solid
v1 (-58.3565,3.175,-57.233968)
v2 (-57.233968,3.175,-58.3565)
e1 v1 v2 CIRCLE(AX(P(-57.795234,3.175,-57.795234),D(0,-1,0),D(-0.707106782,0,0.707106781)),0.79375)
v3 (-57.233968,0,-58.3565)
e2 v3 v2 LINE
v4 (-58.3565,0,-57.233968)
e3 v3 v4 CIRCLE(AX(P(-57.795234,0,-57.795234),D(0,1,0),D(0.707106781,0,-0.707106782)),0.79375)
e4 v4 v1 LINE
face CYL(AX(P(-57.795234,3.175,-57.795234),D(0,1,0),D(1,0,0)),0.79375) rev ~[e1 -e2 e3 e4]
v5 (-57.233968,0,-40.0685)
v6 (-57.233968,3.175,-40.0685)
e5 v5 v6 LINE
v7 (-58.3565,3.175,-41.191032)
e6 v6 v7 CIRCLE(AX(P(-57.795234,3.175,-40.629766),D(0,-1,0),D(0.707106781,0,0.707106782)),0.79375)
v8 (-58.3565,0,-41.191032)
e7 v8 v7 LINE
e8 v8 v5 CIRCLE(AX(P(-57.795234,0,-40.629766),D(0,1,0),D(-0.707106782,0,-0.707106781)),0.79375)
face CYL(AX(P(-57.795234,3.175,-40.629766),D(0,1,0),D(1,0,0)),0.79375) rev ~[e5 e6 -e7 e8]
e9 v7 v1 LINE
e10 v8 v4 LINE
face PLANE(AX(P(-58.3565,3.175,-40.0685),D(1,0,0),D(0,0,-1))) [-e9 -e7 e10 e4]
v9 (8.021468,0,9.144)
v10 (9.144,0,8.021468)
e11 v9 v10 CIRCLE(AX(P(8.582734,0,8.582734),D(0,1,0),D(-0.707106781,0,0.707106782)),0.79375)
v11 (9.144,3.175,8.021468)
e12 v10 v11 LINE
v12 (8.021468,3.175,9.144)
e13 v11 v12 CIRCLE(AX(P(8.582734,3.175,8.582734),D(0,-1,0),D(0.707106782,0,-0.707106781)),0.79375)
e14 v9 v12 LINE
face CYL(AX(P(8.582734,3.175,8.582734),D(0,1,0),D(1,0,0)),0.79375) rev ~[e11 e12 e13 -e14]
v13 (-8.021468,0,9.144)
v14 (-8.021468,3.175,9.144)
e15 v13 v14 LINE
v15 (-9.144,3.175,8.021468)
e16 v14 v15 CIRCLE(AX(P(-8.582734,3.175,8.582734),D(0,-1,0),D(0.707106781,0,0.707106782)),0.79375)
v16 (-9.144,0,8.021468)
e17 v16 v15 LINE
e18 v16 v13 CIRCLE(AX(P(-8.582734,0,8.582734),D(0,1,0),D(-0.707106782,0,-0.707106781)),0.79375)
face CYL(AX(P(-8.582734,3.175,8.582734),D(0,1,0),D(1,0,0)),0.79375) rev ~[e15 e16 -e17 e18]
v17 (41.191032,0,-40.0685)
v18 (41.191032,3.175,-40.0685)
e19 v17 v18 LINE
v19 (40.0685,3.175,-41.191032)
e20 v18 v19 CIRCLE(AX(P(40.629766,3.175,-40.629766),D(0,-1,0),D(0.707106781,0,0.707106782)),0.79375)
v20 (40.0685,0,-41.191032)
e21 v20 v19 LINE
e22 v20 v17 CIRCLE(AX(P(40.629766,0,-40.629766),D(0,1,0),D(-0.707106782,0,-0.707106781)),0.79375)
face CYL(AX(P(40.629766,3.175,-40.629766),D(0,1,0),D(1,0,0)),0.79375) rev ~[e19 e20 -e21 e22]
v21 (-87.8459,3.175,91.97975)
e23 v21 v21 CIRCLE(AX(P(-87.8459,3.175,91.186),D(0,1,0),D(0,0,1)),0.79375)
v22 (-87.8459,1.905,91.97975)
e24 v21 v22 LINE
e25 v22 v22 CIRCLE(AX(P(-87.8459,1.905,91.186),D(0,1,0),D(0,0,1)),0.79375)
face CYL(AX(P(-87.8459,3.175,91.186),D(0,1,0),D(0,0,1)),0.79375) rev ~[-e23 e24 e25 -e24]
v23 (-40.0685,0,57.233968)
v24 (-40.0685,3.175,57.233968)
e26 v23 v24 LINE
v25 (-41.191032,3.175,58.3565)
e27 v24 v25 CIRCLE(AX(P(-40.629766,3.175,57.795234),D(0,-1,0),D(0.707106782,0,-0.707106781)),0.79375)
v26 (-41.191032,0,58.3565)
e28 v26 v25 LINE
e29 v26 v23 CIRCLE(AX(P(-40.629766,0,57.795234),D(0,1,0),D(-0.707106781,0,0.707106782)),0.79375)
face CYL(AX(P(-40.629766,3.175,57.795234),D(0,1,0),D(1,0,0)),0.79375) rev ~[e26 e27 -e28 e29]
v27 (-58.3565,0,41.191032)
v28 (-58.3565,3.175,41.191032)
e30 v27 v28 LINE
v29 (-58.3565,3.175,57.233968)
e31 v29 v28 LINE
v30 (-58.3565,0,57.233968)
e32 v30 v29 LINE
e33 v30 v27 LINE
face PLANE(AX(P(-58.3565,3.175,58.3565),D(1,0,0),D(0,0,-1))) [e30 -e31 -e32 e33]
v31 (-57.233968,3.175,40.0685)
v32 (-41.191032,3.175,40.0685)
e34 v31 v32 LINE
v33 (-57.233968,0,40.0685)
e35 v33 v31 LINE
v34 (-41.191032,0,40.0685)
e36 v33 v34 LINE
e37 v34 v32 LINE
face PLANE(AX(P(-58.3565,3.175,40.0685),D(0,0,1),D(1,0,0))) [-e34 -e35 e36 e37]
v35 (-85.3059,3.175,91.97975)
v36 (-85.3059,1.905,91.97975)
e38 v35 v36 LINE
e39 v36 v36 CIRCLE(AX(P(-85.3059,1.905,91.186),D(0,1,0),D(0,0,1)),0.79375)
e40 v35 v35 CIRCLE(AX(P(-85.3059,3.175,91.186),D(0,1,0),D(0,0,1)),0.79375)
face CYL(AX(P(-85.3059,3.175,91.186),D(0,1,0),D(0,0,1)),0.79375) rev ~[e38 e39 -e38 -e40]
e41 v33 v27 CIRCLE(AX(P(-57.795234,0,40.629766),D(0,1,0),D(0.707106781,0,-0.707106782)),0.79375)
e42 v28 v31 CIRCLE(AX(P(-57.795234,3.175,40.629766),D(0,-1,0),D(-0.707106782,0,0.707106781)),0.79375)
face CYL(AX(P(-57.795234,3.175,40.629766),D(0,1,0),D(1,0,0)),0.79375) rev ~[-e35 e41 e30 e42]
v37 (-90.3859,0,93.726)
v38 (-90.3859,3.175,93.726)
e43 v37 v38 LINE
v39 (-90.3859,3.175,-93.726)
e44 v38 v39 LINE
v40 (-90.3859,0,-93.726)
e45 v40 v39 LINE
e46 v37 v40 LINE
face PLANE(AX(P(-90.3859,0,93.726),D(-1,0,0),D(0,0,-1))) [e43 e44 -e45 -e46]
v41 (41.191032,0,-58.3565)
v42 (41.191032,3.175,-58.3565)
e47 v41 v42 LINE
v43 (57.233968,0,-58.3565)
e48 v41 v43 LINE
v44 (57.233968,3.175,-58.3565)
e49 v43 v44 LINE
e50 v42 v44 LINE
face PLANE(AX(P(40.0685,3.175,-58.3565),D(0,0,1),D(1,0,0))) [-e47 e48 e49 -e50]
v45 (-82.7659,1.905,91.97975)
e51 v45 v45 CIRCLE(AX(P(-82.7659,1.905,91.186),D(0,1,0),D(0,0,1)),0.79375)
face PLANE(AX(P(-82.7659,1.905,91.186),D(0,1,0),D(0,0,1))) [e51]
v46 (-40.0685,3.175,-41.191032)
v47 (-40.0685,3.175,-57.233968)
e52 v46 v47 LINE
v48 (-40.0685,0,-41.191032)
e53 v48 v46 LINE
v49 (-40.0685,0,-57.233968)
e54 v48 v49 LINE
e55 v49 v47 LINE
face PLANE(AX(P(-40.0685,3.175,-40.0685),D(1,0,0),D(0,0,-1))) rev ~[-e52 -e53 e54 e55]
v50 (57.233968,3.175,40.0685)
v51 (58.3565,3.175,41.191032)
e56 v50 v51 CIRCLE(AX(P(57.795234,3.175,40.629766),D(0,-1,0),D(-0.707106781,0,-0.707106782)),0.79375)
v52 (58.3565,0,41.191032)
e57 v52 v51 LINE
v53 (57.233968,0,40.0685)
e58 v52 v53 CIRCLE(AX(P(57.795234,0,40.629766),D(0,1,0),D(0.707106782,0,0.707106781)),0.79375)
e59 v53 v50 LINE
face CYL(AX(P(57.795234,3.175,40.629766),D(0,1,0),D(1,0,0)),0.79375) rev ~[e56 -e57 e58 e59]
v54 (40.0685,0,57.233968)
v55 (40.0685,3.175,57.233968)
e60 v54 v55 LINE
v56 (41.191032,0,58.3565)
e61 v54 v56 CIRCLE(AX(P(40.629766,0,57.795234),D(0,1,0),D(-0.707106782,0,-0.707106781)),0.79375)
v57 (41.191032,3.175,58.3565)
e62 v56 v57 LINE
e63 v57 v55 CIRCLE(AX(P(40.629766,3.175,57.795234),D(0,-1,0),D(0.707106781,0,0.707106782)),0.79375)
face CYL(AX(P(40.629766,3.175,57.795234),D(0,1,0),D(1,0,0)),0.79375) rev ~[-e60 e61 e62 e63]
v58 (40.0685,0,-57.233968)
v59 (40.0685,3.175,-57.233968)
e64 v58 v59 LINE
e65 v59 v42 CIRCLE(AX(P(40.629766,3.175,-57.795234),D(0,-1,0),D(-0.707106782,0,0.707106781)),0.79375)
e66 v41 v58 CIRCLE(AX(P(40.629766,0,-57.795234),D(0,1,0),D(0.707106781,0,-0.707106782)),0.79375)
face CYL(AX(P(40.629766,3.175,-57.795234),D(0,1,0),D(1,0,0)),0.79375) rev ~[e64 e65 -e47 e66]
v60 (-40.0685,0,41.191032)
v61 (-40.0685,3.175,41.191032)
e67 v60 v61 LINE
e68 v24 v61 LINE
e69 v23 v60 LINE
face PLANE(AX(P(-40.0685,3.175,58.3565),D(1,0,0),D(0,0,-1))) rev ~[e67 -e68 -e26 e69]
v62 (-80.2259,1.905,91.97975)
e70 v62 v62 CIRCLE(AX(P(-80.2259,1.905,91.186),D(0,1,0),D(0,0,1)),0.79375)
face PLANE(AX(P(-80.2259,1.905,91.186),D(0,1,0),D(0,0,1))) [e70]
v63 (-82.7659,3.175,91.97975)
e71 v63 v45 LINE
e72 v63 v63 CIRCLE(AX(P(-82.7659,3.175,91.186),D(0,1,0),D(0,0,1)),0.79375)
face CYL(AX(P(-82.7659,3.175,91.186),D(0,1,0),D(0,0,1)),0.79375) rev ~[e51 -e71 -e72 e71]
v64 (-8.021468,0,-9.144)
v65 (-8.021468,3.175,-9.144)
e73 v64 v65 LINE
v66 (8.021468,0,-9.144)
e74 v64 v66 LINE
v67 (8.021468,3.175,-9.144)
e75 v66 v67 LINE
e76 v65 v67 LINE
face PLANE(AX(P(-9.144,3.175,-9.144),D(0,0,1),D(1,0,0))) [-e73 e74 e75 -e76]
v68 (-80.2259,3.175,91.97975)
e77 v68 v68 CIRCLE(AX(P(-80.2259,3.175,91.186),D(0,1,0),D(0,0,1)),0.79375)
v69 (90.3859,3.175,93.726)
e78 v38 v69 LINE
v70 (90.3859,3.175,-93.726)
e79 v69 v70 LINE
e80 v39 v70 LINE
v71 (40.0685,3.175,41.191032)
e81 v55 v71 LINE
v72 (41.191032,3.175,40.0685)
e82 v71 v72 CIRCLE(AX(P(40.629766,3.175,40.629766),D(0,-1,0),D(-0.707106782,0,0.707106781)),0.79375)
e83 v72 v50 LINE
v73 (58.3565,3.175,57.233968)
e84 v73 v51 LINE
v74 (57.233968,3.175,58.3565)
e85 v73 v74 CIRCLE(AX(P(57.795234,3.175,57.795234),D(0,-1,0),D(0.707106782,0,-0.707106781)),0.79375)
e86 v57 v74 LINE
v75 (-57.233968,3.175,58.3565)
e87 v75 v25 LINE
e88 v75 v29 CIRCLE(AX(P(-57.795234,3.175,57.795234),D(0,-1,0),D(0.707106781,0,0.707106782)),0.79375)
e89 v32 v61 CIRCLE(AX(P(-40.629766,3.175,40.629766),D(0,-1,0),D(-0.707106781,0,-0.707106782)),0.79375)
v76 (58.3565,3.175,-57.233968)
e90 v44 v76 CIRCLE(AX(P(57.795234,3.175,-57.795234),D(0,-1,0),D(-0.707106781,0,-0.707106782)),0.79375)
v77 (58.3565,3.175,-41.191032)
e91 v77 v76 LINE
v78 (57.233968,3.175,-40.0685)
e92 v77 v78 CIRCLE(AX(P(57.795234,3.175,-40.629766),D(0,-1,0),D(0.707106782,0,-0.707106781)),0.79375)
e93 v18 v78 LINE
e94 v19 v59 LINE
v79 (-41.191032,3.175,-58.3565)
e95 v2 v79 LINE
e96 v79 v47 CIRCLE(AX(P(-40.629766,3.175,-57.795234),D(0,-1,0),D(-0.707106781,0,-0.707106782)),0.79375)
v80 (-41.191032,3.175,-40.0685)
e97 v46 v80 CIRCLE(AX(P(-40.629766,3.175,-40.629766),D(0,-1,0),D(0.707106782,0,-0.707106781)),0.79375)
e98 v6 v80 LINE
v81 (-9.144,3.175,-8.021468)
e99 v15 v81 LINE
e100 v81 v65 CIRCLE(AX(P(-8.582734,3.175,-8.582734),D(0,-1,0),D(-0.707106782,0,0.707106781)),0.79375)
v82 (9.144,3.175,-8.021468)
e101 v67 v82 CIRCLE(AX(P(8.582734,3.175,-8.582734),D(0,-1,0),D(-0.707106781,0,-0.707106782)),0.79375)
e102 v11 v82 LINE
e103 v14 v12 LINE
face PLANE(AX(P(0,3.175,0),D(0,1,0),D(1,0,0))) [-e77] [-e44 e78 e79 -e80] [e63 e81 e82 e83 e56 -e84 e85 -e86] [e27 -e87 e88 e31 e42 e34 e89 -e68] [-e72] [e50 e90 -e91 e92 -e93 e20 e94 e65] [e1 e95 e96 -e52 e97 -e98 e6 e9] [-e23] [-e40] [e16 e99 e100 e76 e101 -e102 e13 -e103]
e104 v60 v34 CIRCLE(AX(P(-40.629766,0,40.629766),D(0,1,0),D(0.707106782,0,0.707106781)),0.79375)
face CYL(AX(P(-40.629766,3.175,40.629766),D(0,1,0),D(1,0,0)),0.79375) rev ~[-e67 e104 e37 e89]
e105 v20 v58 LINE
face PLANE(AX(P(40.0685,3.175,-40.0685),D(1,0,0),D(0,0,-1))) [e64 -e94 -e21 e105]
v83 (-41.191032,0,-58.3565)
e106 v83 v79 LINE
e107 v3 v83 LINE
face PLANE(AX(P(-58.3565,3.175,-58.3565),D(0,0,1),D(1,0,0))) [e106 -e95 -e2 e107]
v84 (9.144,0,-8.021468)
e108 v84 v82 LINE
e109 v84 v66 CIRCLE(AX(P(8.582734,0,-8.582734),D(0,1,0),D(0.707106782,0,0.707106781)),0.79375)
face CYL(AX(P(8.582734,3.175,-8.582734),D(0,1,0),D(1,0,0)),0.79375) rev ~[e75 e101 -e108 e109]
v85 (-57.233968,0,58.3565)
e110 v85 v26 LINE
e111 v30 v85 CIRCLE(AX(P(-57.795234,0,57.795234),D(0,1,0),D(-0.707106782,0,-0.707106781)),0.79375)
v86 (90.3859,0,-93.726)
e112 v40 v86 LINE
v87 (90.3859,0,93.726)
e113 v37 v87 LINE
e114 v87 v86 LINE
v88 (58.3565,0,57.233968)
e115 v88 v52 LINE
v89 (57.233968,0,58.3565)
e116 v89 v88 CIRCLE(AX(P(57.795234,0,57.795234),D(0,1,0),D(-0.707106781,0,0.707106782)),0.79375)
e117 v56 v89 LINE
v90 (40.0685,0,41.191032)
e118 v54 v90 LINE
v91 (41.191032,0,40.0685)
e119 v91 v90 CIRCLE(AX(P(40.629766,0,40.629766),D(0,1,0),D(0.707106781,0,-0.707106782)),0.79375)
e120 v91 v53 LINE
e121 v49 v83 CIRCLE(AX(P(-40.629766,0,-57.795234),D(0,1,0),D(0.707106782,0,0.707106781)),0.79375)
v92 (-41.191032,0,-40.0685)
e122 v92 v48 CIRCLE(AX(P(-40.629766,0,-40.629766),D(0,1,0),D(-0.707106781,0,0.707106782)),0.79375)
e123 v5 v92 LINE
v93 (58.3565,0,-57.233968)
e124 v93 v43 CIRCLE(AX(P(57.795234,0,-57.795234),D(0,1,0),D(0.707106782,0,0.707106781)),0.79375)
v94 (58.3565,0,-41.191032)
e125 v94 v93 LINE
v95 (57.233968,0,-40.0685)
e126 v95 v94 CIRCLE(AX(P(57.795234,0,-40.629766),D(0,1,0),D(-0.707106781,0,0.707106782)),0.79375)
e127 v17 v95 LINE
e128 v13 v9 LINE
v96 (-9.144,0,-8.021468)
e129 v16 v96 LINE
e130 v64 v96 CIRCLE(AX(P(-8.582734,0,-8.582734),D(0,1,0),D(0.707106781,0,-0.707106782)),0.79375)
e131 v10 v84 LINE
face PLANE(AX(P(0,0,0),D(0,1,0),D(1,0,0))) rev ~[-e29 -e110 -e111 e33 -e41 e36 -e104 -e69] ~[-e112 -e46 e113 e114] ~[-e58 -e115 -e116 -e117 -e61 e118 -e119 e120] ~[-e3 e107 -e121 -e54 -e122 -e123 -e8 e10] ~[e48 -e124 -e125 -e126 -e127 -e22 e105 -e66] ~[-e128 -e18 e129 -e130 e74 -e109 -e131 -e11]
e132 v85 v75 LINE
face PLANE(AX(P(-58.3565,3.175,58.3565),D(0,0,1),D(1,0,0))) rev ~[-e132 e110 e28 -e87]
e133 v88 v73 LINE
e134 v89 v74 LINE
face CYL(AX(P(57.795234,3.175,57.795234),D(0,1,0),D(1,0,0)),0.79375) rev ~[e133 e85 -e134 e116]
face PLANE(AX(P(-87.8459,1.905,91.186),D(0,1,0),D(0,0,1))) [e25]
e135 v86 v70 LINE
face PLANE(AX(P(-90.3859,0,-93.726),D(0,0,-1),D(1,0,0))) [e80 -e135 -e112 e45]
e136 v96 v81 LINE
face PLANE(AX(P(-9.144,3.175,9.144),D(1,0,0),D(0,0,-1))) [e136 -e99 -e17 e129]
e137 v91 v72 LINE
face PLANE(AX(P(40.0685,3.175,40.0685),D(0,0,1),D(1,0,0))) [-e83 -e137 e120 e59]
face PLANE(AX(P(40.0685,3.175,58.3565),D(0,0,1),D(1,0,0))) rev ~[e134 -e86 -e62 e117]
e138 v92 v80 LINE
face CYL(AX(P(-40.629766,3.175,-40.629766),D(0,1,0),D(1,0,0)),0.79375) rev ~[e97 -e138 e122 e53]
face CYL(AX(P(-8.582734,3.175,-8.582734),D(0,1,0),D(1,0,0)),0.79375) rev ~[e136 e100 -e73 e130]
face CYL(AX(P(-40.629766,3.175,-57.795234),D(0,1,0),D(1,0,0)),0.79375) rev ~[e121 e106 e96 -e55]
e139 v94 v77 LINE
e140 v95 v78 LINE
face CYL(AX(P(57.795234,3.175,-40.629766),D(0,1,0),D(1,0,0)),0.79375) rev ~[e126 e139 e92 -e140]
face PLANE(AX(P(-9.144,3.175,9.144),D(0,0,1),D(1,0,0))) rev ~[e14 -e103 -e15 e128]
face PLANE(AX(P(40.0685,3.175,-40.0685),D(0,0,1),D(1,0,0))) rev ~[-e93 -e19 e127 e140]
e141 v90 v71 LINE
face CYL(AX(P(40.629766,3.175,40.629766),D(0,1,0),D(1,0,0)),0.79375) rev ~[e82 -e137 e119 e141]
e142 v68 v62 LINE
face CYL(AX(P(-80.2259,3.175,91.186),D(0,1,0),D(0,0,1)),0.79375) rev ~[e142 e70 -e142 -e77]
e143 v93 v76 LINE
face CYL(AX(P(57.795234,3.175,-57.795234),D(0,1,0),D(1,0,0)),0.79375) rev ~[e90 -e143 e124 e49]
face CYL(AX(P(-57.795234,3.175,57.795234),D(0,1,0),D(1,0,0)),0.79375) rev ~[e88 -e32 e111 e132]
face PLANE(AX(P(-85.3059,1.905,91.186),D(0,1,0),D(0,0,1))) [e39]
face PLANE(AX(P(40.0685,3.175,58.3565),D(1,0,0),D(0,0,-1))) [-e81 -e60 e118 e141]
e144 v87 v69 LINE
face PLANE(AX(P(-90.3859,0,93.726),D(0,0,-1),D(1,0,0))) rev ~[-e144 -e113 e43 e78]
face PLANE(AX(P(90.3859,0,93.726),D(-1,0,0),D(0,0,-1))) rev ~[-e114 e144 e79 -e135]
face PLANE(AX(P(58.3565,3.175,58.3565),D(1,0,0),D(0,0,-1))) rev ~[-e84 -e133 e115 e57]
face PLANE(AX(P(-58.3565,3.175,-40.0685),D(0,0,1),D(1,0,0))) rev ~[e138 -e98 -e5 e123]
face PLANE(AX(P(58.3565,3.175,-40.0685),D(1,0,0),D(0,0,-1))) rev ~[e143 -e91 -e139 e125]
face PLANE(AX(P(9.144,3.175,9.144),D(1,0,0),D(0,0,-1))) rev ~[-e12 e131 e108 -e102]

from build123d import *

# Parameters (mm, degrees)
SKETCH1_W           = 180.7718
SKETCH1_H           = 187.452
BOSS_EXTRUDE1_DEPTH = 3.175
SKETCH2_W           = 18.288
SKETCH2_H           = 18.288
CUT_EXTRUDE1_DEPTH  = 3.175
SKETCH3_R           = 0.79375
CUT_EXTRUDE2_DEPTH  = 131.246898696
SKETCH9_R           = 0.79375
CUT_EXTRUDE4_DEPTH  = 1.27
LPATTERN1_COUNT     = 4
LPATTERN1_PITCH     = 2.54


with BuildPart() as part:
    # Sketch1 → Boss-Extrude1 (new body)
    with BuildSketch(Plane(origin=(0, 0, 0), x_dir=(1, 0, 0), z_dir=(0, 1, 0))):
        Rectangle(SKETCH1_W, SKETCH1_H)
    extrude(amount=BOSS_EXTRUDE1_DEPTH)

    # Sketch2 → Cut-Extrude1 (cut)
    with BuildSketch(Plane(origin=(0, 3.175, 0), x_dir=(1, 0, 0), z_dir=(0, 1, 0))):
        Rectangle(SKETCH2_W, SKETCH2_H)
    cut_extrude1 = extrude(amount=-CUT_EXTRUDE1_DEPTH, mode=Mode.SUBTRACT)

    # Sketch3 → Cut-Extrude2 (cut, through all)
    with BuildSketch(Plane(origin=(0, 3.175, 0), x_dir=(1, 0, 0), z_dir=(0, 1, 0))):
        with Locations((8.582733992, -8.582733992)):
            Circle(SKETCH3_R)
        with Locations((-8.582733992, -8.582733992)):
            Circle(SKETCH3_R)
        with Locations((-8.582733992, 8.582733992)):
            Circle(SKETCH3_R)
        with Locations((8.582733992, 8.582733992)):
            Circle(SKETCH3_R)
    cut_extrude2 = extrude(amount=-CUT_EXTRUDE2_DEPTH, mode=Mode.SUBTRACT)

    # Sketch-Pattern1: Cut-Extrude1, Cut-Extrude2 at 4 more places
    with Locations((-49.2125, 0, 49.2125), (-49.2125, 0, -49.2125), (49.2125, 0, -49.2125), (49.2125, 0, 49.2125)):
        add(cut_extrude1, mode=Mode.SUBTRACT)
        add(cut_extrude2, mode=Mode.SUBTRACT)

    # Sketch9 → Cut-Extrude4 (cut)
    with BuildSketch(Plane(origin=(0, 3.175, 0), x_dir=(1, 0, 0), z_dir=(0, 1, 0))):
        with Locations(Location((-87.8459, -91.186, 0), (0, 0, 270))):
            Circle(SKETCH9_R)
    cut_extrude4 = extrude(amount=-CUT_EXTRUDE4_DEPTH, mode=Mode.SUBTRACT)

    # LPattern1: Cut-Extrude4 ×4
    with Locations(*[(i * LPATTERN1_PITCH, 0, 0) for i in range(1, LPATTERN1_COUNT)]):
        add(cut_extrude4, mode=Mode.SUBTRACT)


solid = part.part
